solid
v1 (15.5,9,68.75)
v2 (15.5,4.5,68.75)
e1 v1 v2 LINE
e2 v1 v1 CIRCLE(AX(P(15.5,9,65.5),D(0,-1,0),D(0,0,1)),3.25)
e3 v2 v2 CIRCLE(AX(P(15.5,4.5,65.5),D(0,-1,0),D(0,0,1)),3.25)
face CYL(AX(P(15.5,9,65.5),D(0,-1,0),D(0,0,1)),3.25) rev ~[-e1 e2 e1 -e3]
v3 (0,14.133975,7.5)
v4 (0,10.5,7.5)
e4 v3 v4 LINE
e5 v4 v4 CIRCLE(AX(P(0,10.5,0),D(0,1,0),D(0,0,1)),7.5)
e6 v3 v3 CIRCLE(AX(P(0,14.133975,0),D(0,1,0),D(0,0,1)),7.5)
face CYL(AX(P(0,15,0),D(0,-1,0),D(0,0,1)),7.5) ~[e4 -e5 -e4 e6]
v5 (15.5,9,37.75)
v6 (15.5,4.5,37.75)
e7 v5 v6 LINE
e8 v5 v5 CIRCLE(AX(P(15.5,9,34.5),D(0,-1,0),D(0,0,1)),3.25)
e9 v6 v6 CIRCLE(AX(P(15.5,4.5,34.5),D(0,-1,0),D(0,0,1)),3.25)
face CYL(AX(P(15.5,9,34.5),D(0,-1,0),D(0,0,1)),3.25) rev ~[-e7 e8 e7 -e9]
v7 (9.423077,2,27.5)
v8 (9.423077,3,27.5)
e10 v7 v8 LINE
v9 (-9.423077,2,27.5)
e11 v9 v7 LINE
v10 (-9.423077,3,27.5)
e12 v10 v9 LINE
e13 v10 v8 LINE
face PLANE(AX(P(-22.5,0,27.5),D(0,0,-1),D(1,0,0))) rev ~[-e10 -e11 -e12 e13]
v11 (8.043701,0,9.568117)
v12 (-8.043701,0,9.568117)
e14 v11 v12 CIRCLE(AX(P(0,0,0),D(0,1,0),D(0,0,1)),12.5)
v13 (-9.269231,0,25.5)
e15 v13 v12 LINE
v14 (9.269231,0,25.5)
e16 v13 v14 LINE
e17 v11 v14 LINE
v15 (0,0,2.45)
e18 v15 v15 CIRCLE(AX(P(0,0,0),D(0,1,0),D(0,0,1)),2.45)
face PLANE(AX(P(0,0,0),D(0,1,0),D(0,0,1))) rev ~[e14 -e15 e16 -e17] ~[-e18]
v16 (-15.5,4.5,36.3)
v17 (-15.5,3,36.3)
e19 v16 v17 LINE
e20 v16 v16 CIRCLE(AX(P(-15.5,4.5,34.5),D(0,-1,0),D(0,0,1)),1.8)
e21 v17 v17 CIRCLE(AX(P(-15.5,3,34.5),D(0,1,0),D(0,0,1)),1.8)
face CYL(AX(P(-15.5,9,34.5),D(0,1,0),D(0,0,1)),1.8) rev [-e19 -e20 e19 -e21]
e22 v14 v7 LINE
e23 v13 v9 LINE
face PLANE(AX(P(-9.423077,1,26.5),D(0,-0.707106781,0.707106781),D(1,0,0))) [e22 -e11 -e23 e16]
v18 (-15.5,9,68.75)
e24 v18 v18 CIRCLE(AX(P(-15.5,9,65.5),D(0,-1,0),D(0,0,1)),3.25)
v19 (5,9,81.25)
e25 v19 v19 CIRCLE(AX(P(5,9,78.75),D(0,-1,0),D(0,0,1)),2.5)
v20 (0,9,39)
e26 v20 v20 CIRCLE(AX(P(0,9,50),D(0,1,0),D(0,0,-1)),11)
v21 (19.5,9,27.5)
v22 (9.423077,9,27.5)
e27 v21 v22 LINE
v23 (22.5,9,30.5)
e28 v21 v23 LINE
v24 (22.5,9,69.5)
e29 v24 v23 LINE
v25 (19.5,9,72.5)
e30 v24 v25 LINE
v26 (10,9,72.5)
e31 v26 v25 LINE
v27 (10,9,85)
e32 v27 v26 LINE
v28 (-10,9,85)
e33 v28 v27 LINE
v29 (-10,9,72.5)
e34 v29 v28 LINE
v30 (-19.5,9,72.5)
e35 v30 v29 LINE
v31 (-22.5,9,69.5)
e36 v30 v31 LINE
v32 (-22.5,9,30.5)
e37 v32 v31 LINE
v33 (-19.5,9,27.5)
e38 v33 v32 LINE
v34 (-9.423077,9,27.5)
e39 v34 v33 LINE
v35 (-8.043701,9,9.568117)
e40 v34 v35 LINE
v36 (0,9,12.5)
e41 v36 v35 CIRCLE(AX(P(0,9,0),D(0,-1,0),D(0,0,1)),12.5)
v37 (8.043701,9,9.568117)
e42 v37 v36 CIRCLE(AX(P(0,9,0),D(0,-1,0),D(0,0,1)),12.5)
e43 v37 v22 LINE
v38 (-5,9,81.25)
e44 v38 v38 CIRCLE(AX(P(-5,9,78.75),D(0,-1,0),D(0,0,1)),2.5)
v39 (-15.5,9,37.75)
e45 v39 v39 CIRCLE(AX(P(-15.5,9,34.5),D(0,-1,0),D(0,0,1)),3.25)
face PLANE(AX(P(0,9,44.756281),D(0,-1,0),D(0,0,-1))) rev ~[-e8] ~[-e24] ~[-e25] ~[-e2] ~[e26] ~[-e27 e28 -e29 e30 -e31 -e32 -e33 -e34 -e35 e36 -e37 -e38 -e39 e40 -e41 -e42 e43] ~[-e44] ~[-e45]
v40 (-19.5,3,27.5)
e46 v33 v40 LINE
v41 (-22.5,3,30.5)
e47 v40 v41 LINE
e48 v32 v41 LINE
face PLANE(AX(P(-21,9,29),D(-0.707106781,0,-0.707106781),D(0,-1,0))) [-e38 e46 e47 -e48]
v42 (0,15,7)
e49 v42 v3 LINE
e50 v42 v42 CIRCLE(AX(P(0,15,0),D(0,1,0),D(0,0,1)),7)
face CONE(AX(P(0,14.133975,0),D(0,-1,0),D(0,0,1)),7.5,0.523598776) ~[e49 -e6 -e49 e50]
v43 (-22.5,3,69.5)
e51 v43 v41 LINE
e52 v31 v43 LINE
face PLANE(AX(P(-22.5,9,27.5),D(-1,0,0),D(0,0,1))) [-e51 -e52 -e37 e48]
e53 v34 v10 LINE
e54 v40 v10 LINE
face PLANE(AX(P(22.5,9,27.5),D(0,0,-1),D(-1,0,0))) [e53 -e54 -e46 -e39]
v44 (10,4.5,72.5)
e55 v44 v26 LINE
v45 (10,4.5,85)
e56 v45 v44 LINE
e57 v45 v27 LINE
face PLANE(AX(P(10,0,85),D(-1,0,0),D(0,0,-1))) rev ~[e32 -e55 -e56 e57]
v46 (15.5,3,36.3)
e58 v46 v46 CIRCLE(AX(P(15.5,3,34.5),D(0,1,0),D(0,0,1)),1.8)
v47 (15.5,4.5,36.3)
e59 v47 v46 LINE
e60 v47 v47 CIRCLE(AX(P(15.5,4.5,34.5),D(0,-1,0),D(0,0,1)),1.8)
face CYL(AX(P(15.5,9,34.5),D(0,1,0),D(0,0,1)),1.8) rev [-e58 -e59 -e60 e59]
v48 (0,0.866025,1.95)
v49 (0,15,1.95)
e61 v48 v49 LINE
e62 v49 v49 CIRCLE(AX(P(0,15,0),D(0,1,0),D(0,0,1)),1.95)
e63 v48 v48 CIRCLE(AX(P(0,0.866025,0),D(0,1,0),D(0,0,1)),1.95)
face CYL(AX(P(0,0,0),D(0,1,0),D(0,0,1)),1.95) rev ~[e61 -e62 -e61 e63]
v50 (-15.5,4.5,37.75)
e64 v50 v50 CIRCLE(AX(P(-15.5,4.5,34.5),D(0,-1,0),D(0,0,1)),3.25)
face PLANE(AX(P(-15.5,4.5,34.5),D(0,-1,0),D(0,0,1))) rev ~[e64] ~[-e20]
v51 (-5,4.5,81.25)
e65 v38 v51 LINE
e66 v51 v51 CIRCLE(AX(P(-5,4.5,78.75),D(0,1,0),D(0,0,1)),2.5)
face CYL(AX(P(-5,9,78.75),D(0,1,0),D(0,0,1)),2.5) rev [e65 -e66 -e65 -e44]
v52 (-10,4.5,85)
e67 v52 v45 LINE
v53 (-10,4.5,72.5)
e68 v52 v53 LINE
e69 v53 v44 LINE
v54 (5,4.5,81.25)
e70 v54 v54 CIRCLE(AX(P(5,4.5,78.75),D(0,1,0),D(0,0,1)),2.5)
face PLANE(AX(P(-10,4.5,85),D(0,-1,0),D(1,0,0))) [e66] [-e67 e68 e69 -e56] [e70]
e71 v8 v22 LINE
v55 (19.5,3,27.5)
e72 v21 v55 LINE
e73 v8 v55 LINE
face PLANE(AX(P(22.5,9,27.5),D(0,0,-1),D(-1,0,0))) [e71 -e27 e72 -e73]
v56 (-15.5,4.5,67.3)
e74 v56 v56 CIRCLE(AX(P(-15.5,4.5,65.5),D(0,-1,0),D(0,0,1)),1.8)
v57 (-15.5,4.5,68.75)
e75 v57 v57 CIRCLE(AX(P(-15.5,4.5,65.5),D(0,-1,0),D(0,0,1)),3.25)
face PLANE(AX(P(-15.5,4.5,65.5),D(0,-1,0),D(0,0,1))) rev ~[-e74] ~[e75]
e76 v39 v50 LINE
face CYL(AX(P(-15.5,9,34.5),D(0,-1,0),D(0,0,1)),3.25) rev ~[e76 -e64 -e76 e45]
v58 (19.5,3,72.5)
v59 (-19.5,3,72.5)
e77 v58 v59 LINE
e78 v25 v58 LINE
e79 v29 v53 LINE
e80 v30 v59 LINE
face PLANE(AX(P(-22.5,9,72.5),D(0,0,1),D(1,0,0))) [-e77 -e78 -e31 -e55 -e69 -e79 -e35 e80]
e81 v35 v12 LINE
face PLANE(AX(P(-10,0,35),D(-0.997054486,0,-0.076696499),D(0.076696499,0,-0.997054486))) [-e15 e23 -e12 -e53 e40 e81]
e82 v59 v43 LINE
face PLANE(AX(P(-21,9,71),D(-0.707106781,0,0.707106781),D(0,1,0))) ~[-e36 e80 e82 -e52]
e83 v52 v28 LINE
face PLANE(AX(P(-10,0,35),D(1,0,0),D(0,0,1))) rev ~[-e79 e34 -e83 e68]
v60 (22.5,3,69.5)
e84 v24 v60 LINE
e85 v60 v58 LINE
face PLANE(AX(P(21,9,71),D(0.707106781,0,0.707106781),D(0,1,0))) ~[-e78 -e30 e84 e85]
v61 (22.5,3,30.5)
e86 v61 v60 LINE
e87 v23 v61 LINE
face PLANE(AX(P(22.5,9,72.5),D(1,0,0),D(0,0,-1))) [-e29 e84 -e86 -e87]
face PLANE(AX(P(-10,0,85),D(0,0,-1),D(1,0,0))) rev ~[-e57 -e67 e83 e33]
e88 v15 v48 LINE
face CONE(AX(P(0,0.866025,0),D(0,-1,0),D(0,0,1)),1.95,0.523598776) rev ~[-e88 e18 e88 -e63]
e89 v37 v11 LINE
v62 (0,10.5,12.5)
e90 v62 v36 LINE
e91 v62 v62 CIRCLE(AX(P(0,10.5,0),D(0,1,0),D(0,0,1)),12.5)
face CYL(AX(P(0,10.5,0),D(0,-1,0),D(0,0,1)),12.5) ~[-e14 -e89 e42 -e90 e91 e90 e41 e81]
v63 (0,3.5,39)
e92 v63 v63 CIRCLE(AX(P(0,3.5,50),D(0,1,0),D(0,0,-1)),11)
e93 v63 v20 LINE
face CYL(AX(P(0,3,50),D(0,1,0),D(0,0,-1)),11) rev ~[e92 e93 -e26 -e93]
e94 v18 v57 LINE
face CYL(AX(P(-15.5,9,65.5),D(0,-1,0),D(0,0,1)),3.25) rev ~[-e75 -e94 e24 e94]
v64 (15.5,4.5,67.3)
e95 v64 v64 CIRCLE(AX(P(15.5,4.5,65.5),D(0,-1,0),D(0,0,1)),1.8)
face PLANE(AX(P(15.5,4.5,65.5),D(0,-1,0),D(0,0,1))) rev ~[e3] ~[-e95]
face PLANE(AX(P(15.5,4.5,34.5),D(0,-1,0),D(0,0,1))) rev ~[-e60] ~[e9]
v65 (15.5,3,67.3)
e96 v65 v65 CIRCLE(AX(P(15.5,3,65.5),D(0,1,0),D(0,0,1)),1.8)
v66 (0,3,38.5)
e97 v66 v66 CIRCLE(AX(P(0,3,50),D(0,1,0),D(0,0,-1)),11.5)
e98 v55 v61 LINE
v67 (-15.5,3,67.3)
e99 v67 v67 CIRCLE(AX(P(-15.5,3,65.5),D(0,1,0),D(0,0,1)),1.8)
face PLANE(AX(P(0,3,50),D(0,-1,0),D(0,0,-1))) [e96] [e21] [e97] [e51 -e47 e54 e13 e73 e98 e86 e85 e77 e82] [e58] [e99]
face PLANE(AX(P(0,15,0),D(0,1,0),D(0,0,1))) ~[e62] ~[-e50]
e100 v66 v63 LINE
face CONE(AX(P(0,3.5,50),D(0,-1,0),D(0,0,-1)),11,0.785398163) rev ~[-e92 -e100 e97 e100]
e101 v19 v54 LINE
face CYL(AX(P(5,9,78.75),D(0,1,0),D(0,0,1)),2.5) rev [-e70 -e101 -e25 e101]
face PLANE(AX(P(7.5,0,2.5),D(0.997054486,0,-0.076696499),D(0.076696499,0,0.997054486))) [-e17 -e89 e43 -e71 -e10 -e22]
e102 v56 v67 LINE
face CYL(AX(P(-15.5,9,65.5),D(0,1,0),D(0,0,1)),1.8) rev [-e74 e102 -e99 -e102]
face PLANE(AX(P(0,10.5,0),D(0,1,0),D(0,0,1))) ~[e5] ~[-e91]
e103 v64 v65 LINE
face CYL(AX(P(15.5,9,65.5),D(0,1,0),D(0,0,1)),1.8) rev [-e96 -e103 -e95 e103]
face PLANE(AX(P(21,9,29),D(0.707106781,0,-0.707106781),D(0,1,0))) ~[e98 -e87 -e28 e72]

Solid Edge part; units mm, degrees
sketch "Sketch1" plane through (0, 0, 0) normal (1, 0, 0) x (0, 1, 0)
  line L0 (0, 1.95) -> (15, 1.95)
  line L1 (15, 1.95) -> (15, 7.5)
  line L2 (15, 7.5) -> (10.5, 7.5)
  line L3 (10.5, 7.5) -> (10.5, 12.5)
  line L4 (10.5, 12.5) -> (0, 12.5)
  line L5 (0, 12.5) -> (0, 1.95)
  dimension "D1" = 10.5
  dimension "D2" = 4.5
revolve "RevolvedProtrusion1" add sketch "Sketch1" angle 360 about axis through (0, -60, 0) along (0, 1, 0)
chamfer "Chamfer_1" distance 0.5 angle 60 1 edges at (0, 15, 7.5) measured on face at (-4.85, 15, 5.15)
sketch "Sketch2" plane through (0, 0, 0) normal (0, -1, 0) x (1, 0, 0)
  line L0 (-7.5, 2.5) -> (7.5, 2.5)
  line L1 (7.5, 2.5) -> (10, 35)
  line L2 (10, 85) -> (10, 35)
  line L3 (-10, 85) -> (10, 85)
  line L4 (-10, 35) -> (-10, 85)
  line L5 (-10, 35) -> (-7.5, 2.5)
  dimension "D1" = 20
  dimension "D2" = 2.5
  dimension "D3" = 15
  dimension "D4" = 85
  dimension "D5" = 35
extrude "ExtrudedProtrusion_1" add sketch "Sketch2" against normal blind 9
chamfer "Chamfer_2" distance 0.5 angle 60 1 edges at (0, 0, 1.95) measured on face at (-8.0833, 0, 2.775)
sketch "Sketch3" plane through (0, 9, 43.7496) normal (0, 1, 0) x (0, 0, -1)
  line L0 (-28.7504, 22.5) -> (-28.7504, -22.5)
  line L1 (-28.7504, -22.5) -> (16.2496, -22.5)
  line L2 (16.2496, -22.5) -> (16.2496, 22.5)
  line L3 (16.2496, 22.5) -> (-28.7504, 22.5)
  dimension "D1" = 50
  dimension "D2" = 45
extrude "ExtrudedProtrusion_2" add sketch "Sketch3" against normal blind 9
sketch "Sketch4" plane through (0, 0, 36.25) normal (0, -1, 0) x (0, 0, 1)
  line L0 (-8.75, -22.5) -> (36.25, -22.5)
  line L1 (36.25, -22.5) -> (36.25, 22.5)
  line L2 (36.25, 22.5) -> (-8.75, 22.5)
  line L3 (-8.75, 22.5) -> (-8.75, -22.5)
extrude "ExtrudedCutout_1" cut sketch "Sketch4" against normal blind 3
hole "Hole_1" at (0, 3, 50) direction (0, 1, 0) diameter 8 end up to next
hole "Hole_2" at (15.5, 9, 65.5) direction (0, -1, 0) diameter 3.6 end up to next counterbore diameter 6.5 counterbore depth 4.5
hole "Hole1" at (-15.5, 9, 65.5) direction (0, -1, 0) diameter 3.6 end up to next counterbore diameter 6.5 counterbore depth 4.5
hole "Hole2" at (-15.5, 9, 34.5) direction (0, -1, 0) diameter 3.6 end up to next counterbore diameter 6.5 counterbore depth 4.5
hole "Hole3" at (15.5, 9, 34.5) direction (0, -1, 0) diameter 3.6 end up to next counterbore diameter 6.5 counterbore depth 4.5
sketch "Sketch5" plane through (0, 4.5, 85) normal (0, 0, 1) x (0, 1, 0)
  line L0 (-4.5, 10) -> (0, 10)
  line L1 (0, 10) -> (0, -10)
  line L2 (0, -10) -> (-4.5, -10)
  line L3 (-4.5, -10) -> (-4.5, 10)
extrude "ExtrudedCutout_2" cut sketch "Sketch5" against normal blind 12.5
hole "Hole_6" at (5, 9, 78.75) direction (0, -1, 0) diameter 5 end up to next
hole "Hole4" at (-5, 9, 78.75) direction (0, -1, 0) diameter 5 end up to next
chamfer "Chamfer_3" distance 3 angle 45 4 edges at (22.5, 6, 27.5) (22.5, 6, 72.5) (-22.5, 6, 72.5) (-22.5, 6, 27.5)
chamfer "Chamfer_4" distance 2 angle 45 1 edges at (0, 0, 27.5)
hole "Hole_8" at (0, 3, 50) direction (0, 1, 0) diameter 22 depth 50.8
chamfer "Chamfer_5" distance 0.5 angle 45 1 edges at (0, 3, 61)
properties material "Polyethylene, low density"
